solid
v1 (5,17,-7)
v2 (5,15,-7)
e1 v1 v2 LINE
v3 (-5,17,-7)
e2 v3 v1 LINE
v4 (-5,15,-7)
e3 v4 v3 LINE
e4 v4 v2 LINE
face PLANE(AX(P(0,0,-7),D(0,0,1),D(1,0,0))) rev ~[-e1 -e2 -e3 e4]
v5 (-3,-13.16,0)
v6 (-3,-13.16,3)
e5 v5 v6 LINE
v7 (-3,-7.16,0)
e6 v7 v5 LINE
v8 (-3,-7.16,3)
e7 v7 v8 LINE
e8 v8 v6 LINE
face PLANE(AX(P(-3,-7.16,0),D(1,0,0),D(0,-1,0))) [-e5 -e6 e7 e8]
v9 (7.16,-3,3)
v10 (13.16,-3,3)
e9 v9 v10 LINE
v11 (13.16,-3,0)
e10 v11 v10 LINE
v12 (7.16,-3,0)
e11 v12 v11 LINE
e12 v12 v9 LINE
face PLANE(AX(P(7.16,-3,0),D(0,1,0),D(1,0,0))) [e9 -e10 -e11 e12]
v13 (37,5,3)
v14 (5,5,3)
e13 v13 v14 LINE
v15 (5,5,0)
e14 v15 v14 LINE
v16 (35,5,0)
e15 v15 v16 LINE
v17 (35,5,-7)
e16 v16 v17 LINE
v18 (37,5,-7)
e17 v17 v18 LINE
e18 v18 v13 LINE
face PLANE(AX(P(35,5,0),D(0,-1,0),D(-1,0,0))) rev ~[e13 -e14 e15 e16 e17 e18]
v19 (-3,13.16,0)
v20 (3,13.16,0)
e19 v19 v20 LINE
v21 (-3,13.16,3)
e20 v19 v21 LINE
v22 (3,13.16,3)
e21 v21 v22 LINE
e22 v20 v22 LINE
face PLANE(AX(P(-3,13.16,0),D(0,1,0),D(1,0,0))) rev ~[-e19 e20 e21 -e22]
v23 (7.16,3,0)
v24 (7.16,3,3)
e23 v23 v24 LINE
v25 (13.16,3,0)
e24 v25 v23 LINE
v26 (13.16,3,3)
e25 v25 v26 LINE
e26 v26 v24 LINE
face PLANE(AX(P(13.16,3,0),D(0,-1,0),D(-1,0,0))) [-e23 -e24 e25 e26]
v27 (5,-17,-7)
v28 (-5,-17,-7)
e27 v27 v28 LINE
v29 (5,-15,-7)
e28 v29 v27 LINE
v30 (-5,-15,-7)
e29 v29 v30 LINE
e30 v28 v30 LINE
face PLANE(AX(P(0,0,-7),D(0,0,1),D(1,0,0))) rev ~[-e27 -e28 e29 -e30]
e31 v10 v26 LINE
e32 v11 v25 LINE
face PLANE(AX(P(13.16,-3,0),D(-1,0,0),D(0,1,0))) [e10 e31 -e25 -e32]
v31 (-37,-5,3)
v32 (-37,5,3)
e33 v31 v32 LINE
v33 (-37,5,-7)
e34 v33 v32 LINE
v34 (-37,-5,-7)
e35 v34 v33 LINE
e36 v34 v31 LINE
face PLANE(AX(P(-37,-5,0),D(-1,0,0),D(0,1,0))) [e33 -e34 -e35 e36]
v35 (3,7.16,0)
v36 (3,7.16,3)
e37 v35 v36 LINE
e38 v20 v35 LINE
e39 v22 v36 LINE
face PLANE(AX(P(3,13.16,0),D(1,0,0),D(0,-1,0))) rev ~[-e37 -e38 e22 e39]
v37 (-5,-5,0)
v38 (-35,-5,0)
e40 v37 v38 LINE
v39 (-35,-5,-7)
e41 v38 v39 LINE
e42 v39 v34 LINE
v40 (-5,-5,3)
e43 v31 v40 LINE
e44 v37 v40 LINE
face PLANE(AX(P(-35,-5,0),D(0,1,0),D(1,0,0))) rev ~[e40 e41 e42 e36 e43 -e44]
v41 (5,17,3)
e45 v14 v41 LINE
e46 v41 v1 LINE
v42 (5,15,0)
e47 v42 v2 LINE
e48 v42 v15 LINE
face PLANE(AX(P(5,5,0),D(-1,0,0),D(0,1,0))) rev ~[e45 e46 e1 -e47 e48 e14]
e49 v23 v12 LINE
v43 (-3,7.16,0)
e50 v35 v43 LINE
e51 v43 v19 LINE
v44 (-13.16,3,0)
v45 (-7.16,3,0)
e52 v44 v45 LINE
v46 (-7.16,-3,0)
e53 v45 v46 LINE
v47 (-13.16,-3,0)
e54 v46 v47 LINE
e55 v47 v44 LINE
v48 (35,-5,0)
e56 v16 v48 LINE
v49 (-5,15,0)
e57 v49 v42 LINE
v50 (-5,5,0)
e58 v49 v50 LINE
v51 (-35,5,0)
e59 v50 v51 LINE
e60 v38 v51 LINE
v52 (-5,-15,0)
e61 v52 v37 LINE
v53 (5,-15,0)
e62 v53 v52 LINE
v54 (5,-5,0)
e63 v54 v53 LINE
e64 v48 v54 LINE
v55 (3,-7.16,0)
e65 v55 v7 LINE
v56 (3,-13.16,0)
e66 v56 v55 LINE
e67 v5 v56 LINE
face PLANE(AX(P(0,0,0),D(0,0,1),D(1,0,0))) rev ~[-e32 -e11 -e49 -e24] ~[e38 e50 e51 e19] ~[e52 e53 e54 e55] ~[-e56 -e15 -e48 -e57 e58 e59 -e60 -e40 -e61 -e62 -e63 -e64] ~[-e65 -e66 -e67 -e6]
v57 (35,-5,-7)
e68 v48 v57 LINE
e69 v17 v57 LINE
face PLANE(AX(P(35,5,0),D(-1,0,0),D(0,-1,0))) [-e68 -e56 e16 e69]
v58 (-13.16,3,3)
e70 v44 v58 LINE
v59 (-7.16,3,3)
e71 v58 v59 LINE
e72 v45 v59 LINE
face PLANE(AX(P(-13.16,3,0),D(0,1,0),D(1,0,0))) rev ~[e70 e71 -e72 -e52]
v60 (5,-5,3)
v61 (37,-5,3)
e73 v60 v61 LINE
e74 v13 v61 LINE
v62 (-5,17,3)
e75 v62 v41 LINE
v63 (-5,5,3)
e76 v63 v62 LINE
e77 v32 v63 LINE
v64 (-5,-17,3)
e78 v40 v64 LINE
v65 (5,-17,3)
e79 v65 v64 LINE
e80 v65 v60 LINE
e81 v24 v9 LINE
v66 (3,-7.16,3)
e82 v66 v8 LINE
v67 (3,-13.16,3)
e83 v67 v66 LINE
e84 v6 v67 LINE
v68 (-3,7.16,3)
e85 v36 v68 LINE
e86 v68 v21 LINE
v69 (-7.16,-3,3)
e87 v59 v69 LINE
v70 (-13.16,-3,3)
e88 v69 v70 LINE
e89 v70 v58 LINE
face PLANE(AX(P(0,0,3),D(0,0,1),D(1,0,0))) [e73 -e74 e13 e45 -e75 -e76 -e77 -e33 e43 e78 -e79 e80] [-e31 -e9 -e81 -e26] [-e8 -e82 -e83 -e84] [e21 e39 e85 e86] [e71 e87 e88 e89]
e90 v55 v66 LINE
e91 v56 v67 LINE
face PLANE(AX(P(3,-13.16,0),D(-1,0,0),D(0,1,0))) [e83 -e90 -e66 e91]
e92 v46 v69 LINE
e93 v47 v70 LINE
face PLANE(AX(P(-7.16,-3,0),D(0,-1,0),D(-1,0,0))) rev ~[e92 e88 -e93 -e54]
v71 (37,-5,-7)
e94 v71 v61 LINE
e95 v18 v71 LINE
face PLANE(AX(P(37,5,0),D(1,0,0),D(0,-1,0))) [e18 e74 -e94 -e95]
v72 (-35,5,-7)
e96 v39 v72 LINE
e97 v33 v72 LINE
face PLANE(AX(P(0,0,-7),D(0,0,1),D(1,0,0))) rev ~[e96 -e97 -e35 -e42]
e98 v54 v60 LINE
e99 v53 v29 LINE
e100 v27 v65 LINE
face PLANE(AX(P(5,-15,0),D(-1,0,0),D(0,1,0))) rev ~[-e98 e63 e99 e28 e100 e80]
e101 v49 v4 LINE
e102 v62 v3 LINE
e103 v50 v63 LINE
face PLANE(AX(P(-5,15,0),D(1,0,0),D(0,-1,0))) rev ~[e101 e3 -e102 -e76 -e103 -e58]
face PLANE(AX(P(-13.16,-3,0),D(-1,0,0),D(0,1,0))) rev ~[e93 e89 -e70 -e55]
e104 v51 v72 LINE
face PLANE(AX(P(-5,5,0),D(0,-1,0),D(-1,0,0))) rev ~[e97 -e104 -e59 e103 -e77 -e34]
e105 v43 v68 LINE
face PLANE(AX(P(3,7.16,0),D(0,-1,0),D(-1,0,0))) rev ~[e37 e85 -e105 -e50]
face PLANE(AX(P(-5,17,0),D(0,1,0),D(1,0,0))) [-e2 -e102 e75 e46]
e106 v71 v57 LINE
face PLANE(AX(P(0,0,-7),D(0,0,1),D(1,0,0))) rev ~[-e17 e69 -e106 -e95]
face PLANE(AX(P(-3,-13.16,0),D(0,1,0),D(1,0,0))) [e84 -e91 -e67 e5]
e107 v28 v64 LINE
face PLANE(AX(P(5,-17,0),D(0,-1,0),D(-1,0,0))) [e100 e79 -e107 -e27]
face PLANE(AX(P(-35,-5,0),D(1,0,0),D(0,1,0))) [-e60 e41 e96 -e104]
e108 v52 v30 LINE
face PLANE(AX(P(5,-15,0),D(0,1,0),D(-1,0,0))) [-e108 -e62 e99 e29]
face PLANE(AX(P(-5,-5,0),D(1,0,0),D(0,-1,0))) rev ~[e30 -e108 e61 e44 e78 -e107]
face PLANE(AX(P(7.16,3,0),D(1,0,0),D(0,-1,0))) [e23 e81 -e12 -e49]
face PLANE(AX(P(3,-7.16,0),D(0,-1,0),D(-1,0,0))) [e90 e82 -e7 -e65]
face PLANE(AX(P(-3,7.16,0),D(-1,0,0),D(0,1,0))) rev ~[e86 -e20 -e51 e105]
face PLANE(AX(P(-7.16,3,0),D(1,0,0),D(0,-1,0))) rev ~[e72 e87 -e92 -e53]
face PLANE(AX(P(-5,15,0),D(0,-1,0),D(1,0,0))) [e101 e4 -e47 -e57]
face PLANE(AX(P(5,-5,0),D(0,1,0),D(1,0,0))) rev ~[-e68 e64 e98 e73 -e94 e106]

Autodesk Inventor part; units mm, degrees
ref_plane "YZ Plane" through (0, 0, 0) normal (1, 0, 0) x (0, 1, 0)
ref_plane "XZ Plane" through (0, 0, 0) normal (0, 1, 0) x (-1, 0, 0)
ref_plane "XY Plane" through (0, 0, 0) normal (0, 0, 1) x (1, 0, 0)
sketch "Эскиз1" plane through (0, 0, 0) normal (0, 0, 1) x (1, 0, 0)
  line L0 (-3, 13.16) -> (3, 13.16)
  line L1 (3, 13.16) -> (3, 7.16)
  line L2 (3, 7.16) -> (-3, 7.16)
  line L3 (-3, 7.16) -> (-3, 13.16)
  line L4 (0, 0) -> (3.7075, 0) construction
  line L5 (-3, -13.16) -> (3, -13.16)
  line L6 (3, -13.16) -> (3, -7.16)
  line L7 (3, -7.16) -> (-3, -7.16)
  line L8 (-3, -7.16) -> (-3, -13.16)
  line L9 (-13.16, 3) -> (-7.16, 3)
  line L10 (-7.16, 3) -> (-7.16, -3)
  line L11 (-7.16, -3) -> (-13.16, -3)
  line L12 (-13.16, -3) -> (-13.16, 3)
  line L13 (0, 0) -> (0, 3.422) construction
  line L14 (7.16, -3) -> (13.16, -3)
  line L15 (13.16, -3) -> (13.16, 3)
  line L16 (13.16, 3) -> (7.16, 3)
  line L17 (7.16, 3) -> (7.16, -3)
  line L18 (-35, -5) -> (-5, -5)
  line L19 (-5, -5) -> (-5, -15)
  line L20 (5, -15) -> (5, -5)
  line L21 (5, -5) -> (35, -5)
  line L22 (35, 5) -> (5, 5)
  line L23 (5, 5) -> (5, 15)
  line L24 (-5, 15) -> (-5, 5)
  line L25 (-5, 5) -> (-35, 5)
  line L26 (-35, 15) -> (35, 15)
  line L27 (35, 15) -> (35, -15)
  line L28 (35, -15) -> (-35, -15)
  line L29 (-35, -15) -> (-35, 15)
  line L30 (-35, -5) -> (-37, -5)
  line L31 (-37, -5) -> (-37, 5)
  line L32 (-37, 5) -> (-35, 5)
  line L33 (-5, 15) -> (-5, 17)
  line L34 (-5, 17) -> (5, 17)
  line L35 (5, 17) -> (5, 15)
  line L36 (35, 5) -> (37, 5)
  line L37 (37, 5) -> (37, -5)
  line L38 (37, -5) -> (35, -5)
  line L39 (5, -15) -> (5, -17)
  line L40 (5, -17) -> (-5, -17)
  line L41 (-5, -17) -> (-5, -15)
  point P0 (3, 10.16)
  point P1 (0, 13.16)
  point P2 (3, -10.16)
  point P3 (0, -13.16)
  point P4 (-13.16, 0)
  point P5 (7.16, 0)
  point P6 (0, 7.16)
  point P7 (0, 15)
  point P8 (35, 0)
  point P9 (0, 10.16)
  point P10 (0, -10.16)
  point P11 (10.16, 0)
  point P12 (-10.16, 0)
  point P13 (3, -10.16)
  point P14 (10.16, 3)
  point P15 (-10.16, 3)
  dimension "Length" = 70
  dimension "Width" = 30
  dimension "d8" = 2
  dimension "d13" = 10.16
  dimension "d14" = 10.16
  dimension "d15" = 5
  dimension "d16" = 5
extrude "Выдавливание1" add sketch "Эскиз1" along normal blind 3 contours L29 L25 L24 L26 L23 L22 L27 L21 L20 L28 L19 L18 | L30 L31 L32 L29 | L28 L39 L40 L41 | L33 L34 L35 L26 | L27 L36 L37 L38
extrude "Выдавливание2" add sketch "Эскиз1" against normal blind 7 contours L30 L31 L32 L29 | L28 L39 L40 L41 | L33 L34 L35 L26 | L27 L36 L37 L38
properties part number "Центровщик кнопок"
